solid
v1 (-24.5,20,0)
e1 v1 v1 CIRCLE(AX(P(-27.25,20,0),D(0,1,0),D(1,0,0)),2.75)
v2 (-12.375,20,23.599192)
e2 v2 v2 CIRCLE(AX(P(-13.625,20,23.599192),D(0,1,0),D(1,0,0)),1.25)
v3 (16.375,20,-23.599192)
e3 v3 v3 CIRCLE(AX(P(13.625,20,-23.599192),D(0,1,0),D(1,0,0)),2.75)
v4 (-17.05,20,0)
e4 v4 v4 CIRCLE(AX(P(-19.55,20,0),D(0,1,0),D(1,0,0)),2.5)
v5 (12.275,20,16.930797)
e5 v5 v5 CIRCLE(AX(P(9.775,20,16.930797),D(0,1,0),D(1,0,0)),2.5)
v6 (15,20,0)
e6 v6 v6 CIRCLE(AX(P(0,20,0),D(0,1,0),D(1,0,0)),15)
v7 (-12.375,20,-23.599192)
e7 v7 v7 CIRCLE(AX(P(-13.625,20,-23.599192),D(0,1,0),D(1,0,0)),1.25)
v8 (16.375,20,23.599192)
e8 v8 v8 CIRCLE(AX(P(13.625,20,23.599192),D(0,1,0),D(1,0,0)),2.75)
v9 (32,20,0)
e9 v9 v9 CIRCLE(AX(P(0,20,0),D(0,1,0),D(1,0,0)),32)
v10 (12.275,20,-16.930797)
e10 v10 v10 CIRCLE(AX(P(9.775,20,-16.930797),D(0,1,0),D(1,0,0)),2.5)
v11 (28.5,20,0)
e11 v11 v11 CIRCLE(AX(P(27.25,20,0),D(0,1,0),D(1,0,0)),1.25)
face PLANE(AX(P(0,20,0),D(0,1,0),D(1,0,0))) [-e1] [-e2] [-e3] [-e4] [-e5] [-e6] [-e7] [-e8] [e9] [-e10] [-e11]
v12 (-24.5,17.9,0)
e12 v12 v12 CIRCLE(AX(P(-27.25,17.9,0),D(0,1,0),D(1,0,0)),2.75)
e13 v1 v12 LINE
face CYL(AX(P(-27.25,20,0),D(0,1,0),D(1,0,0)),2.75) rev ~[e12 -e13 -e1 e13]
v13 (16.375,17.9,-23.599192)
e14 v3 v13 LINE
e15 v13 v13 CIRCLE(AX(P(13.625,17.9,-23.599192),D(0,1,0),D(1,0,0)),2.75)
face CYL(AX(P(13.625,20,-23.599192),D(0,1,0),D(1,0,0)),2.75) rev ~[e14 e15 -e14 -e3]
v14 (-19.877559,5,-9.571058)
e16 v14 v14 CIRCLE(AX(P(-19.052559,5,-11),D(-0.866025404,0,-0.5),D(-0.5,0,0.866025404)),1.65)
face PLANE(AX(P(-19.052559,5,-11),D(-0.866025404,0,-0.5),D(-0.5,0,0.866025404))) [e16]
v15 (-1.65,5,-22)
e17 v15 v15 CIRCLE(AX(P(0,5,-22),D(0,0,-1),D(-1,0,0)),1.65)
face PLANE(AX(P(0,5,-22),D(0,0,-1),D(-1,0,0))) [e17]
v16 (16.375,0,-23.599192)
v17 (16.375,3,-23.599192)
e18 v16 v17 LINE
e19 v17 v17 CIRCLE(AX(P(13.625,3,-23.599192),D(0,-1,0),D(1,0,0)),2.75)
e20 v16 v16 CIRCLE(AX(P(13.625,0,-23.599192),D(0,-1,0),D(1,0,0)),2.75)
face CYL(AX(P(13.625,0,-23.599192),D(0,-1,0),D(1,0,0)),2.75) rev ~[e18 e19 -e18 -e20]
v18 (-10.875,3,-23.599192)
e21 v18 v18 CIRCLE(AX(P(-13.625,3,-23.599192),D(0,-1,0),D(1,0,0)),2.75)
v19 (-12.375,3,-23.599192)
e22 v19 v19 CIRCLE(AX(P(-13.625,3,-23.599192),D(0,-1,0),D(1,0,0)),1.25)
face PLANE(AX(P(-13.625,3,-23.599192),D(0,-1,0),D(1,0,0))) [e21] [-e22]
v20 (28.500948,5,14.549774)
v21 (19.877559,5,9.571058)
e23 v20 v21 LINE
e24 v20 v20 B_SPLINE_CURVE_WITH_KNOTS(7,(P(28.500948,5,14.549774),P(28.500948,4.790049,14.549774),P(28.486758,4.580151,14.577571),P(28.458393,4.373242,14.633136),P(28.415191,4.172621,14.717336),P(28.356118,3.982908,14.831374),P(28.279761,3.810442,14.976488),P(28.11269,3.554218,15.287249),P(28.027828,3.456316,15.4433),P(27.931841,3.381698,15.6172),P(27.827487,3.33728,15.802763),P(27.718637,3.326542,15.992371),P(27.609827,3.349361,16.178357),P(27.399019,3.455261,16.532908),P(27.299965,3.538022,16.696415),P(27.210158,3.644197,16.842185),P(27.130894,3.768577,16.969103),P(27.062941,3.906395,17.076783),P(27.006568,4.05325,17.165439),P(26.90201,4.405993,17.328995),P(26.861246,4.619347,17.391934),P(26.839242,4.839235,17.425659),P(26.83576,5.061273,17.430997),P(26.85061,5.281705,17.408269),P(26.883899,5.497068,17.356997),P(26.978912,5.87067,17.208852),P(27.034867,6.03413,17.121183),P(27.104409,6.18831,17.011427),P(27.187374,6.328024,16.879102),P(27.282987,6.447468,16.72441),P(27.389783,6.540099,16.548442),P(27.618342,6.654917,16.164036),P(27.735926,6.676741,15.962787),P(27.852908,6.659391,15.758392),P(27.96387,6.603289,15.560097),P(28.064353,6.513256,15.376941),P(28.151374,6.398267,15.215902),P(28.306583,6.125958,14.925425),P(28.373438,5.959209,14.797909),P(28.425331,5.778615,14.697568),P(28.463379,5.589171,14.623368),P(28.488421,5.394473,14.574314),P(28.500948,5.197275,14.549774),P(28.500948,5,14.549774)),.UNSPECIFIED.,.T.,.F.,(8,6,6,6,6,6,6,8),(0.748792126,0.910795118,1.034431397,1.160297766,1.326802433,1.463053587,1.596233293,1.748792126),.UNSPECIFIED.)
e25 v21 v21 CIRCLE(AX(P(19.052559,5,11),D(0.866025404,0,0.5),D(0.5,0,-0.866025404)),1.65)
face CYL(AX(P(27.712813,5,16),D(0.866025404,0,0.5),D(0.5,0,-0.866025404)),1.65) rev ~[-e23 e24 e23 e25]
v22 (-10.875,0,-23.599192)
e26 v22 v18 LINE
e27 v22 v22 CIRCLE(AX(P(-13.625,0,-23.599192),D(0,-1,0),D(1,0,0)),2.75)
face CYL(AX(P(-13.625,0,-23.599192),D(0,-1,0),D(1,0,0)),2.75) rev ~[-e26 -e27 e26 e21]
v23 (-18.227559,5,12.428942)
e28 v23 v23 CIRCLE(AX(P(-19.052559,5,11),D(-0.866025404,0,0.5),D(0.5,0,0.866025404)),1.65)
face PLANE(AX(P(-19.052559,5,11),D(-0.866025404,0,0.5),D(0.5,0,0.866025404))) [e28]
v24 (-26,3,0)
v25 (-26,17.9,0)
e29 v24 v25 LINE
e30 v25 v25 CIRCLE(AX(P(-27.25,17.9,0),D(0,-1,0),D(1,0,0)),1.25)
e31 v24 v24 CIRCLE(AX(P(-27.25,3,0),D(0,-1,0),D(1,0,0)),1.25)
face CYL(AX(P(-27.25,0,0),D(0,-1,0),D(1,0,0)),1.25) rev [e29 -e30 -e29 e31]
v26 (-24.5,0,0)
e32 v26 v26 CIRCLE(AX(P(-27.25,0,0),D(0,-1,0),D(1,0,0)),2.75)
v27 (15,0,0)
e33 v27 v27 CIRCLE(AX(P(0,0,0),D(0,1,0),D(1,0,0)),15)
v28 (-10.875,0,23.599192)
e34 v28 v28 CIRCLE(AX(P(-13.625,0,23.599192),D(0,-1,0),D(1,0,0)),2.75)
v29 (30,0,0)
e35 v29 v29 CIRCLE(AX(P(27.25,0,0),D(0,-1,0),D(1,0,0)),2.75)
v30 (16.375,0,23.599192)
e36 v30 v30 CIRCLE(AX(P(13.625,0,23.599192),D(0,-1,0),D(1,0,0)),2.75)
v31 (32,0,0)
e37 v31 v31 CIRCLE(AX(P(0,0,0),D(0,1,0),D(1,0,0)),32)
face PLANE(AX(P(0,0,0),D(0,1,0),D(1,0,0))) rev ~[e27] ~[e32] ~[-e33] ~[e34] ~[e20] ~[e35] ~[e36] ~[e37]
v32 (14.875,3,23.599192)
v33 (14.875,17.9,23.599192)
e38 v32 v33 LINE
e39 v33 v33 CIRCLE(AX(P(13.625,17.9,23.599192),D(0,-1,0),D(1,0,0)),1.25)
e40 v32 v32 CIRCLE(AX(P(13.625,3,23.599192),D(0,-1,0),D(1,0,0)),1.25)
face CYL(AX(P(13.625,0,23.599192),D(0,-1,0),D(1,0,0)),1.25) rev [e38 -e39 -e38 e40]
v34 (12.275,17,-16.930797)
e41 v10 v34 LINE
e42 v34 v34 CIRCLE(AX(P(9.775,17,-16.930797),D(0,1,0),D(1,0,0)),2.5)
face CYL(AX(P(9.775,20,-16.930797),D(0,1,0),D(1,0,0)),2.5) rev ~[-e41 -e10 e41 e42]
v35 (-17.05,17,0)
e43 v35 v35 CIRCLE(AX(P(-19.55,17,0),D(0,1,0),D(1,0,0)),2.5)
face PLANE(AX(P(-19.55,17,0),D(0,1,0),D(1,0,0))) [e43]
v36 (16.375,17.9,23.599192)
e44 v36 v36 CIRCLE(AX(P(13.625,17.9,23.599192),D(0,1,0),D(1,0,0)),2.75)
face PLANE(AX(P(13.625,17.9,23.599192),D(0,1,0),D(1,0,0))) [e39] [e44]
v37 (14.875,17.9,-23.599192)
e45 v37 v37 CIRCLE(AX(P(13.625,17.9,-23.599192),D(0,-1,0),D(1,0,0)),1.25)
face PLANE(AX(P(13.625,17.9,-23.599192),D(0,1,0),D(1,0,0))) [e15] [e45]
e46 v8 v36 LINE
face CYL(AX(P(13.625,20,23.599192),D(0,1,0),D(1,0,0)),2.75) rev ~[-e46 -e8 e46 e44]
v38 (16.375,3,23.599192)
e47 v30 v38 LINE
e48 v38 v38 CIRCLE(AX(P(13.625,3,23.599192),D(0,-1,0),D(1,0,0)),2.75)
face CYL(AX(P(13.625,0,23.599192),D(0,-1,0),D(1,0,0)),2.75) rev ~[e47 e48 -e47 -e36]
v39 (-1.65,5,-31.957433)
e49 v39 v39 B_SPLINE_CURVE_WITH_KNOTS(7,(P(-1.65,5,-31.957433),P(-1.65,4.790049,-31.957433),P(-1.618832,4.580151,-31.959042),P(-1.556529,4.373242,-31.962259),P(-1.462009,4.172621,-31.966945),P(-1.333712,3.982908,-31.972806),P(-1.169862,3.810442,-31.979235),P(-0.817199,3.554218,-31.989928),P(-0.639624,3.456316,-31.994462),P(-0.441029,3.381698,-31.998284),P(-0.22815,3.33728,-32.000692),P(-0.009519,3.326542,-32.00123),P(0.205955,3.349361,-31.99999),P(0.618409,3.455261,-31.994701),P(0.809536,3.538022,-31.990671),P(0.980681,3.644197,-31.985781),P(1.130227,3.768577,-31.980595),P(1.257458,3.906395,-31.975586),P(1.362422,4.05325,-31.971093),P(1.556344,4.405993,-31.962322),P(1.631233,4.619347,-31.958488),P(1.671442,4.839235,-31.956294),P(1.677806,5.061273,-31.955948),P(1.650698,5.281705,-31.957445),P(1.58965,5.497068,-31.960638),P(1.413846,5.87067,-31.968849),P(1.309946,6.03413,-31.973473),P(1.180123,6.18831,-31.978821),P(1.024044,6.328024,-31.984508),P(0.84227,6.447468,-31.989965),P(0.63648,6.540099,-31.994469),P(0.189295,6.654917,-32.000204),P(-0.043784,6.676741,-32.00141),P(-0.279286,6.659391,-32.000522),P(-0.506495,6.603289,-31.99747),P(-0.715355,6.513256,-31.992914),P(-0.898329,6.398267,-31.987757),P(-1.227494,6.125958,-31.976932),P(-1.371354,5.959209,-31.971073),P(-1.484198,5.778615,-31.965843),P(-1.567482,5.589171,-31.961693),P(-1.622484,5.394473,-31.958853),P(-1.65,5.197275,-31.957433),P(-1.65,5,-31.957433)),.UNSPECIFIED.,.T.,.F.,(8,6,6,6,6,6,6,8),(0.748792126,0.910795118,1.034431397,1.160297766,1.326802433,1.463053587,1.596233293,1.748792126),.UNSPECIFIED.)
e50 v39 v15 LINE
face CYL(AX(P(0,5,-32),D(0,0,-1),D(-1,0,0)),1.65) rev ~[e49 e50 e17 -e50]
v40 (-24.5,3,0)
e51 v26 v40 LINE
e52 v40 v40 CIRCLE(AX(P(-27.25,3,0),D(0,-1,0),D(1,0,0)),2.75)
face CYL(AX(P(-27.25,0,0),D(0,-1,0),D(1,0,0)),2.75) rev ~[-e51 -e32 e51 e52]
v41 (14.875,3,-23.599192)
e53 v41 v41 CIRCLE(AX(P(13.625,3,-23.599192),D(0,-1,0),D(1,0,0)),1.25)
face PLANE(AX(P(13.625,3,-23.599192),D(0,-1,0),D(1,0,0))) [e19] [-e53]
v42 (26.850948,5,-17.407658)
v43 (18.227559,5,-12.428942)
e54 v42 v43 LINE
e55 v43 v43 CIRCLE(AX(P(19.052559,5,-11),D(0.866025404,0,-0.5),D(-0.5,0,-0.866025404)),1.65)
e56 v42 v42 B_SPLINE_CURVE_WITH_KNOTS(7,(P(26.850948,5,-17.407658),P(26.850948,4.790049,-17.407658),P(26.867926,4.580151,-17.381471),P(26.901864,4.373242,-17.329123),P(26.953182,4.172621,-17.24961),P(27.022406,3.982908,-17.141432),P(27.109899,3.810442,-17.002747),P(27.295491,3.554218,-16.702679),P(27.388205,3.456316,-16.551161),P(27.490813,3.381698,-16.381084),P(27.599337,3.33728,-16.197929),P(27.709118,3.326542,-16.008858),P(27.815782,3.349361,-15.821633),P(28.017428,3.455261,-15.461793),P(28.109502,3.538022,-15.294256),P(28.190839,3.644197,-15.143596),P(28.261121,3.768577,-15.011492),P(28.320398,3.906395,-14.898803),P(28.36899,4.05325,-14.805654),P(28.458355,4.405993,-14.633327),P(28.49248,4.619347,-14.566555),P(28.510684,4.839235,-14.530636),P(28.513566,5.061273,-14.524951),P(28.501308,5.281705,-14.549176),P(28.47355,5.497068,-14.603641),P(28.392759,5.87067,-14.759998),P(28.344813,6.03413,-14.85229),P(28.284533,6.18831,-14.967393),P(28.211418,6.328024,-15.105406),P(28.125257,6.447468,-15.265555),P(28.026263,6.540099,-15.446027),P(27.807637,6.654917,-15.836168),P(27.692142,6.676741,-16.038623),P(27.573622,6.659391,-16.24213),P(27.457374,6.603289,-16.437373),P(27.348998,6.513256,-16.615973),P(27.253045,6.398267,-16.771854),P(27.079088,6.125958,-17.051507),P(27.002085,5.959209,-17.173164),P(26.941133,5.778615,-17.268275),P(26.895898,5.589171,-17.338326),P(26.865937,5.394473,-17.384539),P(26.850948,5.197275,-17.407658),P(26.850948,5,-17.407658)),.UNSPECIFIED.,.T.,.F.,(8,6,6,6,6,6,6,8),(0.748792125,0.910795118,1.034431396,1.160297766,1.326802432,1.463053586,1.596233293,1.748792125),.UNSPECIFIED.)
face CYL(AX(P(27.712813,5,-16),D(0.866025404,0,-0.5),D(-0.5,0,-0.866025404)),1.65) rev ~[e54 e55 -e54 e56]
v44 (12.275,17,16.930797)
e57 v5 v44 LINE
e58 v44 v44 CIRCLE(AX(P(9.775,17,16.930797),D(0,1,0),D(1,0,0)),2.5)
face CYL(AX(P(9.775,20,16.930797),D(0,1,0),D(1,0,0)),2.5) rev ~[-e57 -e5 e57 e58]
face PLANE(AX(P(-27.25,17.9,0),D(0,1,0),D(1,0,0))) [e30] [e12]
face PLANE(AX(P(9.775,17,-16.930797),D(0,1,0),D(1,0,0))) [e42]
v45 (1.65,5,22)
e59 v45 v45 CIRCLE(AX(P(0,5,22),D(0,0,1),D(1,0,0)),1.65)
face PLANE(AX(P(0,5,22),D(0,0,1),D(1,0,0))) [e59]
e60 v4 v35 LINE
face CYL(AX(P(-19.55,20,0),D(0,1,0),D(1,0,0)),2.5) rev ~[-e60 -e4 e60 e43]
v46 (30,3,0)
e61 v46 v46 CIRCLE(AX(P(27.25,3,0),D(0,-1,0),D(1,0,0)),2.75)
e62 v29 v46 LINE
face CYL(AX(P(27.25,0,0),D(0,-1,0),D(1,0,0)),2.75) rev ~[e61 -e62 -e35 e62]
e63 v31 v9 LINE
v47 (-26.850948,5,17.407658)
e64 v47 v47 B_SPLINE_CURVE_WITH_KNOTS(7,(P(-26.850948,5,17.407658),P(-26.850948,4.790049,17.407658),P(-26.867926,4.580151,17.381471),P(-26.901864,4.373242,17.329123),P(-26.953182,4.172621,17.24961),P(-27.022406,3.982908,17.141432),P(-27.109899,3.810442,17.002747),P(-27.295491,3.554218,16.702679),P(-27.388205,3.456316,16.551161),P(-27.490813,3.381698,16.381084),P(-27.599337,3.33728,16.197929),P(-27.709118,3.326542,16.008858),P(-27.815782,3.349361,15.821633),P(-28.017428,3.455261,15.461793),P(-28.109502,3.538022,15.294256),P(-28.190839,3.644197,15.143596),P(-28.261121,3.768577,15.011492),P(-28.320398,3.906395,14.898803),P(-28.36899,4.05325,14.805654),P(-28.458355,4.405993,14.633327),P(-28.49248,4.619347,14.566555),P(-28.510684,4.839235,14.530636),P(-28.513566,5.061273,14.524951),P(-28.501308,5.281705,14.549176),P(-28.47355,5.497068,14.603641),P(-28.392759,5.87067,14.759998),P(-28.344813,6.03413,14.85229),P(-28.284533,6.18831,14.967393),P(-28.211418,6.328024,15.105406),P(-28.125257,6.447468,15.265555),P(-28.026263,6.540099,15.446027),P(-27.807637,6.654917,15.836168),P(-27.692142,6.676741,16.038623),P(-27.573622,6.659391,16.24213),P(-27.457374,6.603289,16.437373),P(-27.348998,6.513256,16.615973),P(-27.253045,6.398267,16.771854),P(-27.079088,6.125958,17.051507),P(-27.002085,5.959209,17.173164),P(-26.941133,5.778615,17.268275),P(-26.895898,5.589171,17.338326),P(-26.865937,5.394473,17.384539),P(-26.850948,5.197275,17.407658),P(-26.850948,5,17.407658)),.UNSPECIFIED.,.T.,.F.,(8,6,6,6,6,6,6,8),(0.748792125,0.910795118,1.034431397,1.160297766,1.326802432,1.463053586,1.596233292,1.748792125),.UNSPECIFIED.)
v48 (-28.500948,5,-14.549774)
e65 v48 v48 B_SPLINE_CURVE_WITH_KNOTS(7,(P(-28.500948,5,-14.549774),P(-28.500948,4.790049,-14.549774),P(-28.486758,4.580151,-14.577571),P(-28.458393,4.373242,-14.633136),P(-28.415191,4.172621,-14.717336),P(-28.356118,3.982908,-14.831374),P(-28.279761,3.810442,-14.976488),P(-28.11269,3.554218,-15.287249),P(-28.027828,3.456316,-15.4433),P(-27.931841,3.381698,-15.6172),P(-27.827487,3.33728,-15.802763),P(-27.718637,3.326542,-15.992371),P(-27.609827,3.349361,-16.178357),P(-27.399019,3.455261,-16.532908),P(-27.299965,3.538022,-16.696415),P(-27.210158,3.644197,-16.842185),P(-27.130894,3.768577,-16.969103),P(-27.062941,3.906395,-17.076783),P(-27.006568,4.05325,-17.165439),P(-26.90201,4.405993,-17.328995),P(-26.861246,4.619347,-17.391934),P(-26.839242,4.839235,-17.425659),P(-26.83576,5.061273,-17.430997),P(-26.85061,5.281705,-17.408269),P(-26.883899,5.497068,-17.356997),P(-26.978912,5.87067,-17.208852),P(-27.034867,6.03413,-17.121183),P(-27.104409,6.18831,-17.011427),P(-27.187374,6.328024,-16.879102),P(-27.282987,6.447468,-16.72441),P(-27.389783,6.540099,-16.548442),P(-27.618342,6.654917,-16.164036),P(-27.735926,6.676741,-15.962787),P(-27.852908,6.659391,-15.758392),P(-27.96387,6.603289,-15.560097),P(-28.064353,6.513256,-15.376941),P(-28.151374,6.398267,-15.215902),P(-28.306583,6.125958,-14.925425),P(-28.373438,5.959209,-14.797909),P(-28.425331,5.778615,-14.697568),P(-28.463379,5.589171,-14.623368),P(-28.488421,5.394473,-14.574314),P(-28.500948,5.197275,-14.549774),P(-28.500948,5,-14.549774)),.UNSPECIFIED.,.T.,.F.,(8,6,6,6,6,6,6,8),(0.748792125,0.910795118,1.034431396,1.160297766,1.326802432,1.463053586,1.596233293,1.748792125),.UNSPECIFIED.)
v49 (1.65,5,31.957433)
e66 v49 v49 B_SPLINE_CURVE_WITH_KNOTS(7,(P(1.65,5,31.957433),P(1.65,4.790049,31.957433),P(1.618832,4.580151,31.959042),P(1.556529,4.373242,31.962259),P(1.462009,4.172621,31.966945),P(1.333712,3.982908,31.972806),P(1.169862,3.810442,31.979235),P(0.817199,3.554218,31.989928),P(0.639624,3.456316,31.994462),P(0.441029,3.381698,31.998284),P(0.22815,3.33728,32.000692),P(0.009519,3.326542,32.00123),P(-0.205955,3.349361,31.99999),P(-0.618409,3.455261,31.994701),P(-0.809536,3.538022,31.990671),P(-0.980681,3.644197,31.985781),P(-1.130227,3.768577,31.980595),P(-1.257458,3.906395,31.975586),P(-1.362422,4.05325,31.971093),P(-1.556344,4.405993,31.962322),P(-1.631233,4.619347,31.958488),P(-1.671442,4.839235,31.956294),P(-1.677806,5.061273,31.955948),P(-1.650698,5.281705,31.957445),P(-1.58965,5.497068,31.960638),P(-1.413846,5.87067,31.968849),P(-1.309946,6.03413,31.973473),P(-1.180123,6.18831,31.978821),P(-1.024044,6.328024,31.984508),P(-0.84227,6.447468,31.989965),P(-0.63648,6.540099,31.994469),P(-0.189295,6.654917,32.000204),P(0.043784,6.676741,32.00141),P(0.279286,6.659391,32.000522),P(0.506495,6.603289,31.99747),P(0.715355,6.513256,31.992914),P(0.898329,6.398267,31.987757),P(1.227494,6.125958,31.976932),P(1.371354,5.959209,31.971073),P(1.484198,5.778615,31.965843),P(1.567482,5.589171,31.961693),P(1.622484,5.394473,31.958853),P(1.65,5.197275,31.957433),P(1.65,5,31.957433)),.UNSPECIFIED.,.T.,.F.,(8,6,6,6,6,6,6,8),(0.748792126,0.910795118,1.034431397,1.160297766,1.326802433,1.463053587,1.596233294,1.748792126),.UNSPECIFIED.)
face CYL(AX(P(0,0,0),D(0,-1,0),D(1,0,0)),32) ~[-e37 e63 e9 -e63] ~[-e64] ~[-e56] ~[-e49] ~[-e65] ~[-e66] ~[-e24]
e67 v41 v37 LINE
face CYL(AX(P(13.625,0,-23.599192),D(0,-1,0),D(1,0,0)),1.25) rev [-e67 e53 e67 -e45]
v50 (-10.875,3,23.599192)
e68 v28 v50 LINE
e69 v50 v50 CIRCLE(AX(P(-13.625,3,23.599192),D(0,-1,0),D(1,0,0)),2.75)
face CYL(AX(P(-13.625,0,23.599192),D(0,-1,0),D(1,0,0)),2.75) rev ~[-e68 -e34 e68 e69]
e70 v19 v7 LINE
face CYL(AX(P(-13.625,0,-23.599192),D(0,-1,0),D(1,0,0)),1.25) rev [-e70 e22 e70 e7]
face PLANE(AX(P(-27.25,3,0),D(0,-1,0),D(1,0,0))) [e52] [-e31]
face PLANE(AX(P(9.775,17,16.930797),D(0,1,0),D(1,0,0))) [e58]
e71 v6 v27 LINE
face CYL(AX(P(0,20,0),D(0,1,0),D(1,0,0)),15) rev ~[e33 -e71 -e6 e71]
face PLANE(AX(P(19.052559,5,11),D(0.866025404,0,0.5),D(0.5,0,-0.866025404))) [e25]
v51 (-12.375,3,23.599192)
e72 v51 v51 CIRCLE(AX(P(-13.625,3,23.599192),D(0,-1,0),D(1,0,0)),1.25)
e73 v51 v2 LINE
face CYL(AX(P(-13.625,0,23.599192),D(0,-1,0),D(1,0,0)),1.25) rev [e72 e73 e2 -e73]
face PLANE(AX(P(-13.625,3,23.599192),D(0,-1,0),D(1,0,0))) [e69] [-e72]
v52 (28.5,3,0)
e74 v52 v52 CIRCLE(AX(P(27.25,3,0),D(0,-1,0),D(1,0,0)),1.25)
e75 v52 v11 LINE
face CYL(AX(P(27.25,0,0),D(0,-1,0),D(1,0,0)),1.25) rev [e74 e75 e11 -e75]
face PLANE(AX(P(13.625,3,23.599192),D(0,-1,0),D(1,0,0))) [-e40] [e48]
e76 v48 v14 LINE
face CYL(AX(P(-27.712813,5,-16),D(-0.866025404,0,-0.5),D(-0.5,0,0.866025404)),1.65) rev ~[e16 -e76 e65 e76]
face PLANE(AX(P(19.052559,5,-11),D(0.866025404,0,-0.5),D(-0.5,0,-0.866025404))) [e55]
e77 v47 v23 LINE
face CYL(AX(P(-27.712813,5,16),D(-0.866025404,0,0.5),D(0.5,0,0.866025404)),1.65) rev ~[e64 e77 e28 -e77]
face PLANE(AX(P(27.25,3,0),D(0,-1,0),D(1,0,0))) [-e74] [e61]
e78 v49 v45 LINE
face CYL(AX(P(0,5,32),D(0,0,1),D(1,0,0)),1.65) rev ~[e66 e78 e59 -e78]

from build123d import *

# Parameters (mm, degrees)
SKETCH_1_R               = 32
SKETCH_1_R_2             = 2.5
SKETCH_1_R_3             = 1.25
EXTRUDE_1_DEPTH          = 20
SKETCH_2_R               = 2.75
CUT_EXTRUDE_1_DEPTH      = 2.1
SKETCH_3_R               = 2.5
CUT_EXTRUDE_2_DEPTH      = 3
SKETCH_4_R               = 1.65
CUT_EXTRUDE_3_DEPTH      = 10
PATTERN_CIRCULAR_1_COUNT = 6
SKETCH_5_R               = 15
CUT_EXTRUDE_4_DEPTH      = 21.0000001
SKETCH_6_R               = 2.75
SKETCH_6_R_2             = 1.25
CUT_EXTRUDE_5_DEPTH      = 3


with BuildPart() as part:
    # 草图1 → 凸台-拉伸1 (new body)
    with BuildSketch(Plane(origin=(0, 0, 0), x_dir=(1, 0, 0), z_dir=(0, 1, 0))):
        Circle(SKETCH_1_R)
        with Locations((-23.599192253, -13.625)):
            Circle(SKETCH_1_R_2, mode=Mode.SUBTRACT)
        with Locations((-13.625, -23.599192253)):
            Circle(SKETCH_1_R_3, mode=Mode.SUBTRACT)
        with Locations((0, -27.25)):
            Circle(SKETCH_1_R_2, mode=Mode.SUBTRACT)
        with Locations((13.625, -23.599192253)):
            Circle(SKETCH_1_R_3, mode=Mode.SUBTRACT)
        with Locations((23.599192253, -13.625)):
            Circle(SKETCH_1_R_2, mode=Mode.SUBTRACT)
        with Locations((27.25, 0)):
            Circle(SKETCH_1_R_3, mode=Mode.SUBTRACT)
        with Locations((23.599192253, 13.625)):
            Circle(SKETCH_1_R_2, mode=Mode.SUBTRACT)
        with Locations((13.625, 23.599192253)):
            Circle(SKETCH_1_R_3, mode=Mode.SUBTRACT)
        with Locations((0, 27.25)):
            Circle(SKETCH_1_R_2, mode=Mode.SUBTRACT)
        with Locations((-13.625, 23.599192253)):
            Circle(SKETCH_1_R_3, mode=Mode.SUBTRACT)
        with Locations((-23.599192253, 13.625)):
            Circle(SKETCH_1_R_2, mode=Mode.SUBTRACT)
        with Locations((-27.25, 0)):
            Circle(SKETCH_1_R_3, mode=Mode.SUBTRACT)
        with Locations((-23.599192253, -13.625)):
            Circle(SKETCH_1_R_2)
        with Locations((-23.599192253, 13.625)):
            Circle(SKETCH_1_R_2)
        with Locations((23.599192253, 13.625)):
            Circle(SKETCH_1_R_2)
        with Locations((0, 27.25)):
            Circle(SKETCH_1_R_2)
        with Locations((0, -27.25)):
            Circle(SKETCH_1_R_2)
        with Locations((23.599192253, -13.625)):
            Circle(SKETCH_1_R_2)
    extrude(amount=EXTRUDE_1_DEPTH)

    # 草图2 → 切除-拉伸1 (cut)
    with BuildSketch(Plane(origin=(0, 20, 0), x_dir=(1, 0, 0), z_dir=(0, 1, 0))):
        with Locations((-27.25, 0)):
            Circle(SKETCH_2_R)
        with Locations((13.625, 23.599192253)):
            Circle(SKETCH_2_R)
        with Locations((13.625, -23.599192253)):
            Circle(SKETCH_2_R)
    extrude(amount=-CUT_EXTRUDE_1_DEPTH, mode=Mode.SUBTRACT)

    # 草图3 → 切除-拉伸2 (cut)
    with BuildSketch(Plane(origin=(0, 20, 0), x_dir=(1, 0, 0), z_dir=(0, 1, 0))):
        with Locations((-19.55, 0)):
            Circle(SKETCH_3_R)
        with Locations((9.775, 16.930796644)):
            Circle(SKETCH_3_R)
        with Locations((9.775, -16.930796644)):
            Circle(SKETCH_3_R)
    extrude(amount=-CUT_EXTRUDE_2_DEPTH, mode=Mode.SUBTRACT)

    # 草图4 → 切除-拉伸3 (cut)
    with BuildSketch(Plane.XY.offset(32)):
        with Locations((0, 5)):
            Circle(SKETCH_4_R)
    cut_extrude_3 = extrude(amount=-CUT_EXTRUDE_3_DEPTH, mode=Mode.SUBTRACT)

    # 阵列(圆周)1: 切除-拉伸3 ×6 about axis
    pattern_circular_1_axis = Axis((0, 0, 0), (0, 1, 0))
    for i in range(1, PATTERN_CIRCULAR_1_COUNT):
        add(cut_extrude_3.rotate(pattern_circular_1_axis, i * 360 / PATTERN_CIRCULAR_1_COUNT), mode=Mode.SUBTRACT)

    # 草图5 → 切除-拉伸4 (cut, through all)
    with BuildSketch(Plane(origin=(0, 20, 0), x_dir=(1, 0, 0), z_dir=(0, 1, 0))):
        Circle(SKETCH_5_R)
    extrude(amount=-CUT_EXTRUDE_4_DEPTH, mode=Mode.SUBTRACT)

    # 草图6 → 切除-拉伸5 (cut)
    with BuildSketch(Plane.XZ):
        with Locations((13.625, -23.599192253)):
            Circle(SKETCH_6_R)
        with Locations((13.625, -23.599192253)):
            Circle(SKETCH_6_R_2, mode=Mode.SUBTRACT)
        with Locations((27.25, 0)):
            Circle(SKETCH_6_R)
        with Locations((27.25, 0)):
            Circle(SKETCH_6_R_2, mode=Mode.SUBTRACT)
        with Locations((13.625, 23.599192253)):
            Circle(SKETCH_6_R)
        with Locations((13.625, 23.599192253)):
            Circle(SKETCH_6_R_2, mode=Mode.SUBTRACT)
        with Locations((-13.625, 23.599192253)):
            Circle(SKETCH_6_R)
        with Locations((-13.625, 23.599192253)):
            Circle(SKETCH_6_R_2, mode=Mode.SUBTRACT)
        with Locations((-27.25, 0)):
            Circle(SKETCH_6_R)
        with Locations((-27.25, 0)):
            Circle(SKETCH_6_R_2, mode=Mode.SUBTRACT)
        with Locations((-13.625, -23.599192253)):
            Circle(SKETCH_6_R)
        with Locations((-13.625, -23.599192253)):
            Circle(SKETCH_6_R_2, mode=Mode.SUBTRACT)
    extrude(amount=-CUT_EXTRUDE_5_DEPTH, mode=Mode.SUBTRACT)


solid = part.part
